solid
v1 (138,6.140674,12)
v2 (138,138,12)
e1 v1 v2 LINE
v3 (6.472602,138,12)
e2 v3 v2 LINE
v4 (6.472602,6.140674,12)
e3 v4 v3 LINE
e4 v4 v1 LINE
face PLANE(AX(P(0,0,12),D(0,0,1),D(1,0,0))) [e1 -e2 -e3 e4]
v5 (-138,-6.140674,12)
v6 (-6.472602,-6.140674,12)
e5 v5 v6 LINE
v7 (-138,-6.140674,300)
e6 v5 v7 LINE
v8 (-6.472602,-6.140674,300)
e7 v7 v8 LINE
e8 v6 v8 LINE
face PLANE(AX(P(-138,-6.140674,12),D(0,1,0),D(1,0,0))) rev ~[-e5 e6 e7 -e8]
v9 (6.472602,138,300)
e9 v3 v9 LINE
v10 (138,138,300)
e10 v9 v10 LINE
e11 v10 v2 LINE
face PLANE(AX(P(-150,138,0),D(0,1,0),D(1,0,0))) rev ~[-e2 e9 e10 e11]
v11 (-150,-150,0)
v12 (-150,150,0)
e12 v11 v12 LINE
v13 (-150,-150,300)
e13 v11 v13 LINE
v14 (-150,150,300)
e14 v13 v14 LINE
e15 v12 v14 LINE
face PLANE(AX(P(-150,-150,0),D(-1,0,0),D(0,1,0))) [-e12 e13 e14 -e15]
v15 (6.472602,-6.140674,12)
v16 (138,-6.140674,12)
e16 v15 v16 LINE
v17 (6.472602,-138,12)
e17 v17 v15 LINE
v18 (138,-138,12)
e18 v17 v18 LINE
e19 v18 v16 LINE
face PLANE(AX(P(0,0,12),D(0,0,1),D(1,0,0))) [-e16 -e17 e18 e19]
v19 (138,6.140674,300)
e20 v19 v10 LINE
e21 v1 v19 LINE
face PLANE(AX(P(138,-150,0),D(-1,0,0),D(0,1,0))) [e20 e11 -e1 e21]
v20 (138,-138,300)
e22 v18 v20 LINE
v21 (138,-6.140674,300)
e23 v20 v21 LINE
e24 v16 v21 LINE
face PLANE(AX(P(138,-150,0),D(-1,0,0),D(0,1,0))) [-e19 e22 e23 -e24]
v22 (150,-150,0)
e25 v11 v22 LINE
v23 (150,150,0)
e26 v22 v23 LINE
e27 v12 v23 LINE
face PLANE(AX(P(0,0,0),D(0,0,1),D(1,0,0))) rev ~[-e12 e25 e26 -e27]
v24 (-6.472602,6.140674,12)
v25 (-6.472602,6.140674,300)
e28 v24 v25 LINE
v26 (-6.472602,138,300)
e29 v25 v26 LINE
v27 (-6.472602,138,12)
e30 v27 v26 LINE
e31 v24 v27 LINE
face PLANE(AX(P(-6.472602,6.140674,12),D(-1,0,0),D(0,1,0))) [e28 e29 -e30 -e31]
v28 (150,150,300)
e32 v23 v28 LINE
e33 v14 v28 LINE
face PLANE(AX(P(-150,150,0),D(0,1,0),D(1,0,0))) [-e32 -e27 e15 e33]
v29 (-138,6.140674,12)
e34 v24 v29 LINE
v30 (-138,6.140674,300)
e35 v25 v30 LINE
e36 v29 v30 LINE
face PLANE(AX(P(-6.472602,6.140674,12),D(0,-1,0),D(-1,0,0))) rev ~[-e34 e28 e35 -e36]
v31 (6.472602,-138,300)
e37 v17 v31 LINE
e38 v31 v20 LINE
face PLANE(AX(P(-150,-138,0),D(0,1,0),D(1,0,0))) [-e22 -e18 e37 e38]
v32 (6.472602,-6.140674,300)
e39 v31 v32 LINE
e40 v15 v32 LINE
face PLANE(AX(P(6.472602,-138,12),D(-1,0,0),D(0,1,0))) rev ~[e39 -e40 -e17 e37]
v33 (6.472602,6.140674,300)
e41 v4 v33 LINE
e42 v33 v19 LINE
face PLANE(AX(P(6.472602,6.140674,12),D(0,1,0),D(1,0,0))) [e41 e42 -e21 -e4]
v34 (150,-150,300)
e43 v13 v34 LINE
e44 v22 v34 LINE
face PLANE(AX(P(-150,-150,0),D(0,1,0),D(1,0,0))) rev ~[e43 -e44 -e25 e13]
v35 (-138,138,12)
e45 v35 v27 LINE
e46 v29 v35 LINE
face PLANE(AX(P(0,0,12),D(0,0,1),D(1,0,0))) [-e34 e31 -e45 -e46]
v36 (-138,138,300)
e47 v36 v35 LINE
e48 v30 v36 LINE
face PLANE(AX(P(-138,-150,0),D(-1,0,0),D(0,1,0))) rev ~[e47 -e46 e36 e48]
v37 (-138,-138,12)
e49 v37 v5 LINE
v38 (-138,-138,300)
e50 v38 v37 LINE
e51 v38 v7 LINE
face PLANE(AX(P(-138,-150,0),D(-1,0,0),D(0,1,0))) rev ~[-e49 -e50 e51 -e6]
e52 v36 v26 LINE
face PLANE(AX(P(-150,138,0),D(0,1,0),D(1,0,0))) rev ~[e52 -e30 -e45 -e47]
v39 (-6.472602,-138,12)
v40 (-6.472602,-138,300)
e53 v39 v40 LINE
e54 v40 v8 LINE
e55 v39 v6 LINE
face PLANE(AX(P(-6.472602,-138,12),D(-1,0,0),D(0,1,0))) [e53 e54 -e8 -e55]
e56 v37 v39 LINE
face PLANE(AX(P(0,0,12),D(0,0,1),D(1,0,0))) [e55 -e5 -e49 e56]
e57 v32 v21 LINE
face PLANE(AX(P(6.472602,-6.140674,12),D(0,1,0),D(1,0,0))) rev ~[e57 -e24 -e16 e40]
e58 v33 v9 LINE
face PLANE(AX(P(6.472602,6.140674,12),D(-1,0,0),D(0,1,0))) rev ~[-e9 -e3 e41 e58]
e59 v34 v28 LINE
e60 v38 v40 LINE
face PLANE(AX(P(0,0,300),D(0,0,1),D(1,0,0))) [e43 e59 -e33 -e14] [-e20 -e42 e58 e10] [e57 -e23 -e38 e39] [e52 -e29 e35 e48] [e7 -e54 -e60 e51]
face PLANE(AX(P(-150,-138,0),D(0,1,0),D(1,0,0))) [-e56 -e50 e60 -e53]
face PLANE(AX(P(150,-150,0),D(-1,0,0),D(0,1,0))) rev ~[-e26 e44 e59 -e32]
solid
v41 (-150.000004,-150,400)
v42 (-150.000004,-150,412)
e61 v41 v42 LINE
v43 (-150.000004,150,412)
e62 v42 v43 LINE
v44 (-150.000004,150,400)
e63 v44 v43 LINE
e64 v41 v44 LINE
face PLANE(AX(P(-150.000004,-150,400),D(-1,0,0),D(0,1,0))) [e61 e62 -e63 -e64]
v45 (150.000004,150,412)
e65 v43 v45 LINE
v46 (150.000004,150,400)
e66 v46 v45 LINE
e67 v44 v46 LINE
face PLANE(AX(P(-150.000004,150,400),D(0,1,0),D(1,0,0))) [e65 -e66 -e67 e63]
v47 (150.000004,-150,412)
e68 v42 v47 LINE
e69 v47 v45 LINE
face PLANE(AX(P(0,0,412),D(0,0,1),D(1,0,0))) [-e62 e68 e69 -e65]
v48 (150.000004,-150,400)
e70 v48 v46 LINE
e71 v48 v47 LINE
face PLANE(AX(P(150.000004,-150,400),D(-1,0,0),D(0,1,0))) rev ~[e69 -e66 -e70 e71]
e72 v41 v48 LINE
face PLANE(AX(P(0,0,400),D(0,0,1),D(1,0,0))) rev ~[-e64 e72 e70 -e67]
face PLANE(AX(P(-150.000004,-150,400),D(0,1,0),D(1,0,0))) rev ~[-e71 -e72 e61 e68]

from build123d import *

# Parameters (mm, degrees)
F0_W     = 300
F0_H     = 300
F1_DEPTH = 300
F2_T     = -12
F3_W     = 131.5273979791
F3_H     = 12.2813489288
F3_W_2   = 12.9452040419
F3_H_2   = 131.8593255356
F4_DEPTH = 288
F6_W     = 300.0000076178
F6_H     = 300
F7_DEPTH = 12


with BuildPart() as f1:
    # F0 (on Top) → F1 (new body)
    with BuildSketch(Plane.XY):
        Rectangle(F0_W, F0_H)
    extrude(amount=F1_DEPTH)

    # F2
    f2_openings = [f1.faces().sort_by_distance(p)[0] for p in [
        (0, 0, 300),
    ]]
    offset(amount=F2_T, openings=f2_openings)

    # F3 (on face) → F4 (join)
    with BuildSketch(Plane.XY.offset(12)):
        with Locations((-72.2363010105, 0)):
            Rectangle(F3_W, F3_H)
        Rectangle(F3_W_2, F3_H)
        with Locations((0, 72.0703372322)):
            Rectangle(F3_W_2, F3_H_2)
        with Locations((72.2363010105, 0)):
            Rectangle(F3_W, F3_H)
        with Locations((0, -72.0703372322)):
            Rectangle(F3_W_2, F3_H_2)
    extrude(amount=F4_DEPTH)


with BuildPart() as f7:
    # F6 (on offset) → F7 (new body)
    with BuildSketch(Plane.XY.offset(400)):
        Rectangle(F6_W, F6_H)
    extrude(amount=F7_DEPTH)


solid = Compound([f1.part, f7.part])
